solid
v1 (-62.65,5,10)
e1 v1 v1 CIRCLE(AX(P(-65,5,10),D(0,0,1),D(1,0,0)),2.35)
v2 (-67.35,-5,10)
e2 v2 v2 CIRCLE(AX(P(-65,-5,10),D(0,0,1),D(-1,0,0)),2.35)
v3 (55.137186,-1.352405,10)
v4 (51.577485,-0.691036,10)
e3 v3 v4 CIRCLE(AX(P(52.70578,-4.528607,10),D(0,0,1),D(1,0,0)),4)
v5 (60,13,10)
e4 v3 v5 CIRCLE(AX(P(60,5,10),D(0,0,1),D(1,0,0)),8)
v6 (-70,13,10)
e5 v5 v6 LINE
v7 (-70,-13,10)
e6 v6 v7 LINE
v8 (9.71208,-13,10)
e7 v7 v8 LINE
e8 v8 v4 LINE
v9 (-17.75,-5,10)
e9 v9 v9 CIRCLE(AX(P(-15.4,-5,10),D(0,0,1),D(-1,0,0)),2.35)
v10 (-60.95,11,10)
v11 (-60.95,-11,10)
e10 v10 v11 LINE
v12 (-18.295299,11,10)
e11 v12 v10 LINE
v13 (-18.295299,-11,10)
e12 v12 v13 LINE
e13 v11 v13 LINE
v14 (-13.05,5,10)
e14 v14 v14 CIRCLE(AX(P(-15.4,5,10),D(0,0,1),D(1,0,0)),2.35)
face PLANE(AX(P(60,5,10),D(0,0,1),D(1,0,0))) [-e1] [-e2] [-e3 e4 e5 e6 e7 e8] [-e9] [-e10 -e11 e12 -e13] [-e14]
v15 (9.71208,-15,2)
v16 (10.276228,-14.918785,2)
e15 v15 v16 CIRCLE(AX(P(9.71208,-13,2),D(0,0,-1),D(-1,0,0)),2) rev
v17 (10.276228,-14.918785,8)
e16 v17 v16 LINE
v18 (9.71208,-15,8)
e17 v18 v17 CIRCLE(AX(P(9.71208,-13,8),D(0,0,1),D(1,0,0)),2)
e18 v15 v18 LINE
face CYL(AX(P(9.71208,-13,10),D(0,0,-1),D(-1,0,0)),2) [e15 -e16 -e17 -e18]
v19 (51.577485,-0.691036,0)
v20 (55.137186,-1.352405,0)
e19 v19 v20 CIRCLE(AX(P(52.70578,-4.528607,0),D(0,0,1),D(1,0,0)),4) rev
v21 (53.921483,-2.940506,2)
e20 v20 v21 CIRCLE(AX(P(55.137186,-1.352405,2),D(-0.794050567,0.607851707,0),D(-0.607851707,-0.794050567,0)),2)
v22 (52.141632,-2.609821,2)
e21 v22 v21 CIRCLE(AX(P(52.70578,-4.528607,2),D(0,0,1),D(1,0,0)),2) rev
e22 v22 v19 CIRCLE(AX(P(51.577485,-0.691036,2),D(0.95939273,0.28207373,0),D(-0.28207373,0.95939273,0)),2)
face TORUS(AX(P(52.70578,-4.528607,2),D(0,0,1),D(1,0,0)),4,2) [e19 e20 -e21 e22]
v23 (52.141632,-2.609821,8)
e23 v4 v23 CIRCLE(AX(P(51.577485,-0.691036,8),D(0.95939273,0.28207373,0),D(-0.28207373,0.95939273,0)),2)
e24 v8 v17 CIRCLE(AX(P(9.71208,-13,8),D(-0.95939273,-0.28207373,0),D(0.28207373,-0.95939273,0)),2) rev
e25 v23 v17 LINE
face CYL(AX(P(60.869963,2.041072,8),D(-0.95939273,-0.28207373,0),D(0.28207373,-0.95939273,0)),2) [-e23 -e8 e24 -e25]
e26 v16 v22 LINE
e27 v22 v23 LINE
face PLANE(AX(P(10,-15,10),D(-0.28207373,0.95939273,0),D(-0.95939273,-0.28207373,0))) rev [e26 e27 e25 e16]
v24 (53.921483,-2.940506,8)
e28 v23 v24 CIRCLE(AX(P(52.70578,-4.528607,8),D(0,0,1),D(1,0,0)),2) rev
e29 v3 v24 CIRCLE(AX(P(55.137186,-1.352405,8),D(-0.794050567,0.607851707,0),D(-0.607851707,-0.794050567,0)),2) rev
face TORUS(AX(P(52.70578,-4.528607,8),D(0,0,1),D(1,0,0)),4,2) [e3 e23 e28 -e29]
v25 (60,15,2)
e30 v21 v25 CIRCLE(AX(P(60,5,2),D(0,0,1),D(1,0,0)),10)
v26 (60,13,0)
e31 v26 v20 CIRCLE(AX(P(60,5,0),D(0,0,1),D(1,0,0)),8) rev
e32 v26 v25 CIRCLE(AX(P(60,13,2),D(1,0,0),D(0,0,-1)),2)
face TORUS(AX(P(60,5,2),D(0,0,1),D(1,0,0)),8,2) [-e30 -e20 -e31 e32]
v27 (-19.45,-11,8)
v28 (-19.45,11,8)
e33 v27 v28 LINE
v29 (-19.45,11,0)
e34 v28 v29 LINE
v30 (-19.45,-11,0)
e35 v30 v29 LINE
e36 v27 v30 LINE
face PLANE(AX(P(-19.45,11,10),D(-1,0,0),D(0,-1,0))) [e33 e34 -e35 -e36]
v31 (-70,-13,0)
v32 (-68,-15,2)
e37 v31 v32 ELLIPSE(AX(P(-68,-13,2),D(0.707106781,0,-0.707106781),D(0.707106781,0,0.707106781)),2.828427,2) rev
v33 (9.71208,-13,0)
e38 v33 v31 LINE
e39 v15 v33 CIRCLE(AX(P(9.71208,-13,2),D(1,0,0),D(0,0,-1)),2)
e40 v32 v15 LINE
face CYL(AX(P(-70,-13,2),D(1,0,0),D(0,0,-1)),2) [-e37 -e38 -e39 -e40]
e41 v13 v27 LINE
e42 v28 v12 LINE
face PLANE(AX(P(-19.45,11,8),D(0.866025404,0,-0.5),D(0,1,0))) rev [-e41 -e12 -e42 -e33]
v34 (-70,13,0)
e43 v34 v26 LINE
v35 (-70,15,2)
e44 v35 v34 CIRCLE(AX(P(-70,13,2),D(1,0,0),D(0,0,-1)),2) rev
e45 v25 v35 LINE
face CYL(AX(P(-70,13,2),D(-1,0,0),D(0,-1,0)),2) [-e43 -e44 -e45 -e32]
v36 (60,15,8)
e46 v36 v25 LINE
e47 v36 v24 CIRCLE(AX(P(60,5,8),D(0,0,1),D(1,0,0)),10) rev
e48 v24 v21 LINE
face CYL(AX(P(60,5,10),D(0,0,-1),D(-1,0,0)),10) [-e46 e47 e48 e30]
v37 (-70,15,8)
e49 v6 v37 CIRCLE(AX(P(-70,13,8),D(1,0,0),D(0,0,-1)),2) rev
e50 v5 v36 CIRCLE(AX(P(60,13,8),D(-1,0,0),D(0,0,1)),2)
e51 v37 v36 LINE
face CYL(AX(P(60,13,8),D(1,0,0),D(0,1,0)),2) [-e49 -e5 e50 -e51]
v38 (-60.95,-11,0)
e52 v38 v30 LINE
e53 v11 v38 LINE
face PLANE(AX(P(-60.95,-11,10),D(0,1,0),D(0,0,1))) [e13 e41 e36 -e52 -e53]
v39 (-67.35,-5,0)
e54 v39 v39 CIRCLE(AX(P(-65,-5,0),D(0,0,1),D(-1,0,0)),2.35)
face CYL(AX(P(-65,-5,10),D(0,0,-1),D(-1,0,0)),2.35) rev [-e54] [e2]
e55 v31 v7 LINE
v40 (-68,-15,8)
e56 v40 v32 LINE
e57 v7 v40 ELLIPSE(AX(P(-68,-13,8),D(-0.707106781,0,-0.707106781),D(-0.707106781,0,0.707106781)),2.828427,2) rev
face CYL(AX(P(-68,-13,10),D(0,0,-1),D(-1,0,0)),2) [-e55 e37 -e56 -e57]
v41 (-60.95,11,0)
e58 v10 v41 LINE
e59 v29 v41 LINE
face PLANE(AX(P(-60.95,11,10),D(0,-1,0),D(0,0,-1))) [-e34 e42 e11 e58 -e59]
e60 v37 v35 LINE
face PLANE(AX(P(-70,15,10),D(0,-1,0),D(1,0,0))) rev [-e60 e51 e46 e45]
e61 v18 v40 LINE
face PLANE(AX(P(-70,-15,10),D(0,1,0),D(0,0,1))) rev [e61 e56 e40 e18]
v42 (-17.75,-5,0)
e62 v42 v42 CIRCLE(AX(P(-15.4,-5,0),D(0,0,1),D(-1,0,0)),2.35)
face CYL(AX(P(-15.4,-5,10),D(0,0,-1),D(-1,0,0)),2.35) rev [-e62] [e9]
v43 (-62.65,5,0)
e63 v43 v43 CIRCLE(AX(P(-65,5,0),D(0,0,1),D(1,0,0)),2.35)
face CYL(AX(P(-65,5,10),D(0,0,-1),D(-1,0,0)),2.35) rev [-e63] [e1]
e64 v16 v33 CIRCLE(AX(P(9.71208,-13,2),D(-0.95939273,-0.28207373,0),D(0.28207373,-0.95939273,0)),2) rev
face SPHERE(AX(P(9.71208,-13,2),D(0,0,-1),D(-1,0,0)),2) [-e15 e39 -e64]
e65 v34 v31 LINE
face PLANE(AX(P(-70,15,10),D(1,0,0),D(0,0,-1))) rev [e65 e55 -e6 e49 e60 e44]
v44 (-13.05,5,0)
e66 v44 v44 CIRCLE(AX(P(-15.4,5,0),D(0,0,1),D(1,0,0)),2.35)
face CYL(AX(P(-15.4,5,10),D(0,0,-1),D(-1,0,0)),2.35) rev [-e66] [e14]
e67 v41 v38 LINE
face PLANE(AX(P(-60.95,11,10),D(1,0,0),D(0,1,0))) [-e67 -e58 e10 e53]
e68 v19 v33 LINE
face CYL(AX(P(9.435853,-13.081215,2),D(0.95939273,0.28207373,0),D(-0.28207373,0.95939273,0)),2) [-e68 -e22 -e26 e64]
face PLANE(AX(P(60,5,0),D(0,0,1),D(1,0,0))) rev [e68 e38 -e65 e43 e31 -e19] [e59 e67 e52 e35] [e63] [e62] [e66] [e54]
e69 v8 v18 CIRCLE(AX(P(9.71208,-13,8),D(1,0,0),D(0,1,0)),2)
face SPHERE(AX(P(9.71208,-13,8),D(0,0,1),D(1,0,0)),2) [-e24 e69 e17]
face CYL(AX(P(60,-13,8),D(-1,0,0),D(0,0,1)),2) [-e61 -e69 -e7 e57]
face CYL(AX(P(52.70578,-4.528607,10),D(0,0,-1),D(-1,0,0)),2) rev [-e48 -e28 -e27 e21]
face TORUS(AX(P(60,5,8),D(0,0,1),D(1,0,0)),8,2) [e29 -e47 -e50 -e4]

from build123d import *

# Parameters (mm, degrees)
SKETCH1_R           = 2.35
SKETCH1_W           = 41.5
SKETCH1_H           = 22
BOSS_EXTRUDE1_DEPTH = 10
FILLET1_R           = 2
CHAMFER1_SIZE       = 2
CHAMFER1_SIZE2      = 1.154700538


with BuildPart() as part:
    # Sketch1 → Boss-Extrude1 (new body)
    with BuildSketch(Plane.XY):
        with BuildLine():
            Line((-70, 15), (60, 15))
            ThreePointArc((60, 15), (69.302333621, 1.330314836), (53.172672864, -2.306682159))
            Line((53.172672864, -2.306682159), (10, -15))
            Line((10, -15), (-70, -15))
            Line((-70, -15), (-70, 15))
        make_face()
        with Locations((-65, 5)):
            Circle(SKETCH1_R, mode=Mode.SUBTRACT)
        with Locations((-15.4, 5)):
            Circle(SKETCH1_R, mode=Mode.SUBTRACT)
        with Locations(Location((-15.4, -5, 0), (0, 0, 180))):
            Circle(SKETCH1_R, mode=Mode.SUBTRACT)
        with Locations(Location((-65, -5, 0), (0, 0, 180))):
            Circle(SKETCH1_R, mode=Mode.SUBTRACT)
        with Locations((-40.2, 0)):
            Rectangle(SKETCH1_W, SKETCH1_H, mode=Mode.SUBTRACT)
    extrude(amount=BOSS_EXTRUDE1_DEPTH)

    # Fillet1
    fillet1_edges = [part.edges().sort_by_distance(p)[0] for p in [
        (31.586336432, -8.653341079, 10),
        (69.302333621, 1.330314836, 10),
        (-5, 15, 10),
        (-5, 15, 0),
        (69.302333621, 1.330314836, 0),
        (31.586336432, -8.653341079, 0),
        (-30, -15, 0),
        (-30, -15, 10),
        (53.172672864, -2.306682159, 5),
        (10, -15, 5),
        (-70, -15, 5),
    ]]
    fillet(fillet1_edges, radius=FILLET1_R)

    # Chamfer1
    chamfer1_edges = [part.edges().sort_by_distance(p)[0] for p in [
        (-19.45, 0, 10),
    ]]
    chamfer1_side = [part.faces().sort_by_distance(p)[0] for p in [
        (-19.45, 0, 5),
    ]]
    chamfer(chamfer1_edges, length=CHAMFER1_SIZE, length2=CHAMFER1_SIZE2, reference=chamfer1_side[0])


solid = part.part
